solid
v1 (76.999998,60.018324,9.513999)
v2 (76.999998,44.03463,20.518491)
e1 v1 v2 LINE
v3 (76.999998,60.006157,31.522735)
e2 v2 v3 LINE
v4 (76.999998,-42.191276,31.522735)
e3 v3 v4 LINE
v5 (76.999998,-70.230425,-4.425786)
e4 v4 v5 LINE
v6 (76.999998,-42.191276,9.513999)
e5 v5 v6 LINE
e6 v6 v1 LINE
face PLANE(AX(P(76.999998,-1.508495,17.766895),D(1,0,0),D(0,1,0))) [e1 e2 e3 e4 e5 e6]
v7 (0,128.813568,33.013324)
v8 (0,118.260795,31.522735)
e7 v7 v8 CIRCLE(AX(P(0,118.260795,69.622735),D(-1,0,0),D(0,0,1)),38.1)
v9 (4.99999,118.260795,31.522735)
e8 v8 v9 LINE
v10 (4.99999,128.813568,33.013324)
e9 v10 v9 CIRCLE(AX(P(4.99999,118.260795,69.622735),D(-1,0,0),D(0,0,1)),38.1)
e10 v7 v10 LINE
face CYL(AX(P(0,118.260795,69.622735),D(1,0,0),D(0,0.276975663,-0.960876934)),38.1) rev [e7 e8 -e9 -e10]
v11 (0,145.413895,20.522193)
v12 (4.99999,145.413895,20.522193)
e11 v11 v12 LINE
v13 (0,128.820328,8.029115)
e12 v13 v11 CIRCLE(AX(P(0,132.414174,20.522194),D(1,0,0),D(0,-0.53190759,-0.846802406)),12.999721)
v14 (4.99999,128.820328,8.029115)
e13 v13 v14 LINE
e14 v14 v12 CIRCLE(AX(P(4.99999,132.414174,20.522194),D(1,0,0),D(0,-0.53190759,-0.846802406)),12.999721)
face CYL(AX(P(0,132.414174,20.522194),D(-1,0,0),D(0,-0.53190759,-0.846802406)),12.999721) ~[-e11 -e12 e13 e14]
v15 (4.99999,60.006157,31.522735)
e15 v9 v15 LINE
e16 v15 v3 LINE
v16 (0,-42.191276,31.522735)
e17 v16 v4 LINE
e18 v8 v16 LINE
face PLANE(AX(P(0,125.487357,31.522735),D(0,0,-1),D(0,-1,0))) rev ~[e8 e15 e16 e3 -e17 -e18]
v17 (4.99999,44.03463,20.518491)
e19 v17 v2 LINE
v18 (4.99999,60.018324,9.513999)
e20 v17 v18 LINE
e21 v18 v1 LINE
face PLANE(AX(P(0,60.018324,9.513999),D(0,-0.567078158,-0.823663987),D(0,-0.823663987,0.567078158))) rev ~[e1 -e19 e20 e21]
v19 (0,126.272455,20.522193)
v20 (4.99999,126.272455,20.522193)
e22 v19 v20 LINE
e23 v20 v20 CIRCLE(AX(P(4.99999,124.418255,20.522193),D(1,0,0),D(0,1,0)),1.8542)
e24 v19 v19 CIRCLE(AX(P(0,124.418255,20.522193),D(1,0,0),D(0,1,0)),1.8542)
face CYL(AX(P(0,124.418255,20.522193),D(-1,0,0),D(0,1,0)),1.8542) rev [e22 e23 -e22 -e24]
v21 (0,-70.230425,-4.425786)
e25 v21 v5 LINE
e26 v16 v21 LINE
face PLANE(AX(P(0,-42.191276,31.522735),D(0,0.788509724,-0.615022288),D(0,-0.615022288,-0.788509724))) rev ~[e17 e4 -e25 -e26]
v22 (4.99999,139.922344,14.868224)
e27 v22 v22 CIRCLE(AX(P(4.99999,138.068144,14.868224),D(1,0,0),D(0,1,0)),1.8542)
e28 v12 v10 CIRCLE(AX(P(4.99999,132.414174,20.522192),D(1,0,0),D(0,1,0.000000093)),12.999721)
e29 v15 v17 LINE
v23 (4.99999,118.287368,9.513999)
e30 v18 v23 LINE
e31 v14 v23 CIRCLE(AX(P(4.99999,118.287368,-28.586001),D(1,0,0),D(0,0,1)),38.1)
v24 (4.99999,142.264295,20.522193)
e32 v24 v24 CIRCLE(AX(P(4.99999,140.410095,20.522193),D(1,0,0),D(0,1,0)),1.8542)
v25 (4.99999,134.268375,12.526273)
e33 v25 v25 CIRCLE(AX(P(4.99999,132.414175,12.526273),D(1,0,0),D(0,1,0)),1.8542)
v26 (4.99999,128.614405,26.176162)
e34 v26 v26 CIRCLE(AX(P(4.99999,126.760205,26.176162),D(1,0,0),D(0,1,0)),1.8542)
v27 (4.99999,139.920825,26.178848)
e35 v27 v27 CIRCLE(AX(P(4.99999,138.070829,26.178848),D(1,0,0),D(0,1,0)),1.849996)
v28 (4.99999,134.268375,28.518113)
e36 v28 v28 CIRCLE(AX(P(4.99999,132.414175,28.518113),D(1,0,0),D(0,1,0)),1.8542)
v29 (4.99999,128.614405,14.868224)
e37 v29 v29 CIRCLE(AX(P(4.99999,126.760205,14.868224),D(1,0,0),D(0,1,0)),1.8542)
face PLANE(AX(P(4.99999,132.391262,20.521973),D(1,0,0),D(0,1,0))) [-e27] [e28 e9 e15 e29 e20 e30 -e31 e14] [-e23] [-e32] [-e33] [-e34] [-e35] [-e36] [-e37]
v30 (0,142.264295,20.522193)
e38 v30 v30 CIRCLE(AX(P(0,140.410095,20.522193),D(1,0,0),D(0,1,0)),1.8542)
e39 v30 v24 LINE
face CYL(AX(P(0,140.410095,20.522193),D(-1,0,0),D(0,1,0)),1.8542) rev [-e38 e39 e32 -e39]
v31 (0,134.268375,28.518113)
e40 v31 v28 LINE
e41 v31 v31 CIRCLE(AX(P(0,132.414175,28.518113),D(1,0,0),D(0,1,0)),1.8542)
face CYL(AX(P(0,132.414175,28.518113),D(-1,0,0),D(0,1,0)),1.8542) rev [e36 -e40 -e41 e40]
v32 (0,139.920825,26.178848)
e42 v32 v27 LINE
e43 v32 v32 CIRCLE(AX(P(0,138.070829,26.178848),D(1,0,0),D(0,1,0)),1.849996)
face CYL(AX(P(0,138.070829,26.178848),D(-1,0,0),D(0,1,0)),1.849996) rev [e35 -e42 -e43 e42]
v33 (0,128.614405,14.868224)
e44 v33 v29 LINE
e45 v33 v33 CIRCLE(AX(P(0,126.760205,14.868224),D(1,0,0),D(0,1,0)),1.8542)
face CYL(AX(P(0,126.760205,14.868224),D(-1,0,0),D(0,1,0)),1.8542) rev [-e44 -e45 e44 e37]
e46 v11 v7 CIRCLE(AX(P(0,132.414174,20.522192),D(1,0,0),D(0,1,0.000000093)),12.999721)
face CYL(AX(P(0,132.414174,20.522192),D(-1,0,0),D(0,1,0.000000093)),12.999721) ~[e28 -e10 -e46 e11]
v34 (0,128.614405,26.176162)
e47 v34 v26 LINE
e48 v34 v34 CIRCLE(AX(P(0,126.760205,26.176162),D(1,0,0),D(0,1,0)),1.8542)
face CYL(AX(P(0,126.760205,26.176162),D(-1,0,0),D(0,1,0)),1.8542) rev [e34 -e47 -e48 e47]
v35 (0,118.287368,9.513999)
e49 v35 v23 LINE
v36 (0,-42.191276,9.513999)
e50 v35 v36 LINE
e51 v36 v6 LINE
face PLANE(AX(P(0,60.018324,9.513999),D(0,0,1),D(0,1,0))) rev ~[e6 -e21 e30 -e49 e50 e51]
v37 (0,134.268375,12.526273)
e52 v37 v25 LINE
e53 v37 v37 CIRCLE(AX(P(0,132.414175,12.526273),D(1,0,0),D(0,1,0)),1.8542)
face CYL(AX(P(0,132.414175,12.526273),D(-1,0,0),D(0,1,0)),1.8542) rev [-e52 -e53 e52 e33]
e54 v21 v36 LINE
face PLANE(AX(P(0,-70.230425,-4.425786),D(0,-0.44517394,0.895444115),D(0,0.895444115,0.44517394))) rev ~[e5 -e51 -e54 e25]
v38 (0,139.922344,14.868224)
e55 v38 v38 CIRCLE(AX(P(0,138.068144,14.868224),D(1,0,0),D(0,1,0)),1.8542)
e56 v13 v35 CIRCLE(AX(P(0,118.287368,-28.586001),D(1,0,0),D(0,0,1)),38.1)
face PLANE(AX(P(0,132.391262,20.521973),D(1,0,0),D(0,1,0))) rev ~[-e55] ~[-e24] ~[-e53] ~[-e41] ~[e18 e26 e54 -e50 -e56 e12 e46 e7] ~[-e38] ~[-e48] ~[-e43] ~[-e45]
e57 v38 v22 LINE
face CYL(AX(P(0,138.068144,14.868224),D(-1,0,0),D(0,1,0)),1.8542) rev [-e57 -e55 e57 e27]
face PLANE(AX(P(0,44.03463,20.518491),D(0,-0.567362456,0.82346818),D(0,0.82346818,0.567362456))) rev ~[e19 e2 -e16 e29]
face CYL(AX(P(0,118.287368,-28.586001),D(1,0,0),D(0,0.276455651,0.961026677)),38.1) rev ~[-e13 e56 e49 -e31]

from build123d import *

# Parameters (mm, degrees)
F2_DEPTH = 76.999998
F1_R     = 1.8542
F1_R_2   = 1.849996
F3_DEPTH = 4.99999
F4_R     = 38.1
F5_R     = 38.1


with BuildPart() as f2:
    # F0 (on Right) → F2 (new body)
    with BuildSketch(Plane.YZ):
        Polygon((60.006157, 31.522735), (-42.191276, 31.522735), (-70.230425, -4.425786), (-42.191276, 9.513999), (60.018324, 9.513999), (44.03463, 20.518491), align=None)
    extrude(amount=F2_DEPTH)

    # F1 (on Right) → F3 (join)
    with BuildSketch(Plane.YZ):
        with BuildLine():
            ThreePointArc((145.413895, 20.522193), (138.69693, 31.902865), (125.487357, 31.522735))
            ThreePointArc((125.487357, 31.522735), (119.414457, 20.515007), (125.499524, 9.513999))
            ThreePointArc((125.499524, 9.513999), (138.703221, 9.144996), (145.413895, 20.522193))
        make_face()
        with Locations((132.414175, 12.526273)):
            Circle(F1_R, mode=Mode.SUBTRACT)
        with Locations((126.760205, 14.868224)):
            Circle(F1_R, mode=Mode.SUBTRACT)
        with Locations((138.068144, 14.868224)):
            Circle(F1_R, mode=Mode.SUBTRACT)
        with Locations((124.418255, 20.522193)):
            Circle(F1_R, mode=Mode.SUBTRACT)
        with Locations((140.410095, 20.522193)):
            Circle(F1_R, mode=Mode.SUBTRACT)
        with Locations((126.760205, 26.176162)):
            Circle(F1_R, mode=Mode.SUBTRACT)
        with Locations((138.070829, 26.178848)):
            Circle(F1_R_2, mode=Mode.SUBTRACT)
        with Locations((132.414175, 28.518113)):
            Circle(F1_R, mode=Mode.SUBTRACT)
        with BuildLine():
            Line((125.487357, 31.522735), (60.006157, 31.522735))
            Line((60.006157, 31.522735), (44.03463, 20.518491))
            Line((44.03463, 20.518491), (60.018324, 9.513999))
            Line((60.018324, 9.513999), (125.499524, 9.513999))
            ThreePointArc((125.499524, 9.513999), (119.414457, 20.515007), (125.487357, 31.522735))
        make_face()
    extrude(amount=F3_DEPTH)

    # F4
    f4_edges = [f2.edges().sort_by_distance(p)[0] for p in [
        (2.499995, 125.487357, 31.522735),
    ]]
    fillet(f4_edges, radius=F4_R)

    # F5
    f5_edges = [f2.edges().sort_by_distance(p)[0] for p in [
        (2.499995, 125.499524, 9.513999),
    ]]
    fillet(f5_edges, radius=F5_R)


solid = f2.part
